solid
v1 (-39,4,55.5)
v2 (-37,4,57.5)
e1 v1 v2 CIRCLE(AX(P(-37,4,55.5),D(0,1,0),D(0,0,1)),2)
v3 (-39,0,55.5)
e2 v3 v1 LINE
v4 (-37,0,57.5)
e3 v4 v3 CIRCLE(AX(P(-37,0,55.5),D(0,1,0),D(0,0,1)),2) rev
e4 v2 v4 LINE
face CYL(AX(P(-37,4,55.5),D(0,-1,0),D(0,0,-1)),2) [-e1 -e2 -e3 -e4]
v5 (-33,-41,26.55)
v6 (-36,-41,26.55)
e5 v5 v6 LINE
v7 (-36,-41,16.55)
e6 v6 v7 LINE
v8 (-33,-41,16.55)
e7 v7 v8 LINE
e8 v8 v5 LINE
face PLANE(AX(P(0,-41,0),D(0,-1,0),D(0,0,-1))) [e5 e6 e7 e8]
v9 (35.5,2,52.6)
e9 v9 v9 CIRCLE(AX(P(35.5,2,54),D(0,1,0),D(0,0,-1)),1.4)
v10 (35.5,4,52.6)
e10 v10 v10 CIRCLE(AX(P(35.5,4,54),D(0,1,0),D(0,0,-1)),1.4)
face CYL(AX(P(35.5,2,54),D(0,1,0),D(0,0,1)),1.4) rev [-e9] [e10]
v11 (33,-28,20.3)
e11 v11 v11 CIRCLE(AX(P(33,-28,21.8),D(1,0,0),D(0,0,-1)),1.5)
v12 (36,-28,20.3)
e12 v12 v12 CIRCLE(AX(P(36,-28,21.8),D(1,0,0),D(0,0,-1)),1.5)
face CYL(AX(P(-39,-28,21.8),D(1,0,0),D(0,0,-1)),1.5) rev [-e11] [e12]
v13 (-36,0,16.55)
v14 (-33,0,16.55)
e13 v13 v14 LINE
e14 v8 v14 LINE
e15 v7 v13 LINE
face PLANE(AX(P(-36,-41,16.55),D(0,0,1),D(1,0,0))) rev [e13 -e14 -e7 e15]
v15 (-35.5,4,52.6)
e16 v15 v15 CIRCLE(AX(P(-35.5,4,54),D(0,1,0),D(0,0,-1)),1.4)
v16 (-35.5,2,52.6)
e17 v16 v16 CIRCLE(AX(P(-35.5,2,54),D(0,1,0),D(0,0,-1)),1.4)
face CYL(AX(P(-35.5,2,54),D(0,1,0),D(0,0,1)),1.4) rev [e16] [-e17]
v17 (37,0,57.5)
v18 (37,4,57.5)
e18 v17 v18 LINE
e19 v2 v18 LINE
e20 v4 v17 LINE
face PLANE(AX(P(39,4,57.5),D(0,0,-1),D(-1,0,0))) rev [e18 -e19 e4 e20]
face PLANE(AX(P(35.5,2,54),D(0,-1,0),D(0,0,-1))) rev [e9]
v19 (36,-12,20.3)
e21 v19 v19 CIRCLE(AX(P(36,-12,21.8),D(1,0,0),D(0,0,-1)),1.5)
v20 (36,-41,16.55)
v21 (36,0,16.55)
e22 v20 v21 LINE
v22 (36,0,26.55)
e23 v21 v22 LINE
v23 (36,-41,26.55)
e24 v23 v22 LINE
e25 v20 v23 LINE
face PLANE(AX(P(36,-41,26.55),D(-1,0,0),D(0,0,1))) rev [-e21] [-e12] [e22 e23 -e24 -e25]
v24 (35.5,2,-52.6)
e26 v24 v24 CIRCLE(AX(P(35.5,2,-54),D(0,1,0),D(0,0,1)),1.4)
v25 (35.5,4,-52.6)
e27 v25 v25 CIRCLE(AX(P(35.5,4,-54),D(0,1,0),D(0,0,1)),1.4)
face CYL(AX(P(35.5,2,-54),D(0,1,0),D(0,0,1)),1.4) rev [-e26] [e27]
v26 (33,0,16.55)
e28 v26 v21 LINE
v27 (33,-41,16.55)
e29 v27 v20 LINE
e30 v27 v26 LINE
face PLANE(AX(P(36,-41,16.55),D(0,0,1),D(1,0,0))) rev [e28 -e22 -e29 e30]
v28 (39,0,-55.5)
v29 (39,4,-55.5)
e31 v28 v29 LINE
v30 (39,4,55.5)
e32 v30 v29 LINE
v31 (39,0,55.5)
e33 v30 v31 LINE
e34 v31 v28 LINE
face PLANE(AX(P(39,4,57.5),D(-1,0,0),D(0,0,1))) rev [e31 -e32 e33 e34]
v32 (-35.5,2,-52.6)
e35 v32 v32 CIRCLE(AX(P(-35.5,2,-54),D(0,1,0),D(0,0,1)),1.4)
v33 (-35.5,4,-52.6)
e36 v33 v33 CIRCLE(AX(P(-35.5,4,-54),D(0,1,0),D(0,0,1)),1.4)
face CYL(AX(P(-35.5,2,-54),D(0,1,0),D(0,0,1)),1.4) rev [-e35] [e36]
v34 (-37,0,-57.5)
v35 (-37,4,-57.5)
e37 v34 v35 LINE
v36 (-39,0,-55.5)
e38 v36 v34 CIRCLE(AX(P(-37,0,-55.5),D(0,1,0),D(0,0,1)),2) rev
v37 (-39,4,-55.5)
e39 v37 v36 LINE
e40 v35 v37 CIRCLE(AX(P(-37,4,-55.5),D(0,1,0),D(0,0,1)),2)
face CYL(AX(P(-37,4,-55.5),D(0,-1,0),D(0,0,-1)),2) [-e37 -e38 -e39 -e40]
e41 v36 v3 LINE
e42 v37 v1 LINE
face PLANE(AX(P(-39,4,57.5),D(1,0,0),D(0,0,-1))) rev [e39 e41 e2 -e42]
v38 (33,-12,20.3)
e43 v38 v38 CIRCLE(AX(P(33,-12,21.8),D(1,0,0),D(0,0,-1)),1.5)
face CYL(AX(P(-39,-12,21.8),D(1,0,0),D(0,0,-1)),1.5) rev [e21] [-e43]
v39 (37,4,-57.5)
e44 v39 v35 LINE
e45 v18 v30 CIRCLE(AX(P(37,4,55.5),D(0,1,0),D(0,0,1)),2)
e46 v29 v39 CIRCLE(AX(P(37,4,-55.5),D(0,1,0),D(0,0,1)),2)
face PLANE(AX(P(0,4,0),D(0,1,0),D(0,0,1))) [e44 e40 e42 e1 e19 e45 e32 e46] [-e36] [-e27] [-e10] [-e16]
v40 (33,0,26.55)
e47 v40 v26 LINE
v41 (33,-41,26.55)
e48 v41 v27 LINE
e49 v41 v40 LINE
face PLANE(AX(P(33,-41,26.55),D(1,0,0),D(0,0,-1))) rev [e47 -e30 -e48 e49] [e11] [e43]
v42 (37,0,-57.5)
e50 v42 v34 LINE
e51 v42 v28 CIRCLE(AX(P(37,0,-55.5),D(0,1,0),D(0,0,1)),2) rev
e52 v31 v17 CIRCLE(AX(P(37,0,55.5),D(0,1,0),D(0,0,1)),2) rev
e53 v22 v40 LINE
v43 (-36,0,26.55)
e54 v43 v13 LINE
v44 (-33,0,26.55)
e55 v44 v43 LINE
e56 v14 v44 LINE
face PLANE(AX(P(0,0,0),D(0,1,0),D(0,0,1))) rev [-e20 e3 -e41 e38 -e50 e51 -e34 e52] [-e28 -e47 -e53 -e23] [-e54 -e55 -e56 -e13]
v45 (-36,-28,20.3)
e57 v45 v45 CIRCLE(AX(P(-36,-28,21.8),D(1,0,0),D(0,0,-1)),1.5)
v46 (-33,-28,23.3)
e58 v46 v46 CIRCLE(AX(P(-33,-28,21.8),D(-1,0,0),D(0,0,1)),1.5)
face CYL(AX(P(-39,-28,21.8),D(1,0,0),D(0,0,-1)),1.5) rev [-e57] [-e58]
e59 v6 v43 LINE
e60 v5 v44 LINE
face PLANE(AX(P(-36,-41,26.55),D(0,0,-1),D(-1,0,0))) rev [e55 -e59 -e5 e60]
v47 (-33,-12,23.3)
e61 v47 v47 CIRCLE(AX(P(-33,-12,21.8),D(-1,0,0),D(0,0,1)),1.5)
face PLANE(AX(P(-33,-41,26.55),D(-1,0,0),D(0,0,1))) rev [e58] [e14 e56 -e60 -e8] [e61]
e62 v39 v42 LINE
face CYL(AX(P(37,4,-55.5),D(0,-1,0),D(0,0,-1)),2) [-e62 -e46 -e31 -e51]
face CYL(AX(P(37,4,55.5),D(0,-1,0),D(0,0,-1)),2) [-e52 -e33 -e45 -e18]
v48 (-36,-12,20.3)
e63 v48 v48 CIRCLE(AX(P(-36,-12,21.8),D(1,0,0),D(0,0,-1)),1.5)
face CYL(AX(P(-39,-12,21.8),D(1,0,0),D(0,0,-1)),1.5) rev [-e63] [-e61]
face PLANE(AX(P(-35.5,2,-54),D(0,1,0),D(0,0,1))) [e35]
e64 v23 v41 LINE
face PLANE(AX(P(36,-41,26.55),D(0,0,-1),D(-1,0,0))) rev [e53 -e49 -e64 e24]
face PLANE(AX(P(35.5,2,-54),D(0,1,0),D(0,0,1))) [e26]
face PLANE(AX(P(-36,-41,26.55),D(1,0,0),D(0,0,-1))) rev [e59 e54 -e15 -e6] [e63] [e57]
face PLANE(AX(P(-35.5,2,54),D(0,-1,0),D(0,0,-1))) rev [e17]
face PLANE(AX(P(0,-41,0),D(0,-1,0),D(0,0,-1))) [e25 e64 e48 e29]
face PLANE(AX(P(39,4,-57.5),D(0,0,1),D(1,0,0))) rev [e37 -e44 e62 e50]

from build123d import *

# Parameters (mm, degrees)
SKETCH1_W           = 78
SKETCH1_H           = 115
BOSS_EXTRUDE1_DEPTH = 4
SKETCH5_R           = 1.4
CUT_EXTRUDE3_DEPTH  = 2
SKETCH6_W           = 3
SKETCH6_H           = 10
BOSS_EXTRUDE3_DEPTH = 41
SKETCH7_R           = 1.5
CUT_EXTRUDE4_DEPTH  = 104.015775491
FILLET1_R           = 2


with BuildPart() as part:
    # Sketch1 → Boss-Extrude1 (new body)
    with BuildSketch(Plane(origin=(0, 0, 0), x_dir=(1, 0, 0), z_dir=(0, 1, 0))):
        Rectangle(SKETCH1_W, SKETCH1_H)
    extrude(amount=BOSS_EXTRUDE1_DEPTH)

    # Sketch5 → Cut-Extrude3 (cut)
    with BuildSketch(Plane(origin=(0, 4, 0), x_dir=(1, 0, 0), z_dir=(0, 1, 0))):
        with Locations(Location((-35.5, 54, 0), (0, 0, 270))):
            Circle(SKETCH5_R)
        with Locations(Location((35.5, 54, 0), (0, 0, 270))):
            Circle(SKETCH5_R)
        with Locations(Location((35.5, -54, 0), (0, 0, 90))):
            Circle(SKETCH5_R)
        with Locations(Location((-35.5, -54, 0), (0, 0, 90))):
            Circle(SKETCH5_R)
    extrude(amount=-CUT_EXTRUDE3_DEPTH, mode=Mode.SUBTRACT)

    # Sketch6 → Boss-Extrude3 (add)
    with BuildSketch(Plane.XZ):
        with Locations((-34.5, 21.55)):
            Rectangle(SKETCH6_W, SKETCH6_H)
        with Locations((34.5, 21.55)):
            Rectangle(SKETCH6_W, SKETCH6_H)
    extrude(amount=BOSS_EXTRUDE3_DEPTH)

    # Sketch7 → Cut-Extrude4 (cut, through all)
    with BuildSketch(Plane(origin=(36, 0, 0), x_dir=(0, 0, -1), z_dir=(1, 0, 0))):
        with Locations((-21.8, -12)):
            Circle(SKETCH7_R)
        with Locations((-21.8, -28)):
            Circle(SKETCH7_R)
    extrude(amount=-CUT_EXTRUDE4_DEPTH, mode=Mode.SUBTRACT)

    # Fillet1
    fillet1_edges = [part.edges().sort_by_distance(p)[0] for p in [
        (-39, 2, -57.5),
        (39, 2, -57.5),
        (39, 2, 57.5),
        (-39, 2, 57.5),
    ]]
    fillet(fillet1_edges, radius=FILLET1_R)


solid = part.part
